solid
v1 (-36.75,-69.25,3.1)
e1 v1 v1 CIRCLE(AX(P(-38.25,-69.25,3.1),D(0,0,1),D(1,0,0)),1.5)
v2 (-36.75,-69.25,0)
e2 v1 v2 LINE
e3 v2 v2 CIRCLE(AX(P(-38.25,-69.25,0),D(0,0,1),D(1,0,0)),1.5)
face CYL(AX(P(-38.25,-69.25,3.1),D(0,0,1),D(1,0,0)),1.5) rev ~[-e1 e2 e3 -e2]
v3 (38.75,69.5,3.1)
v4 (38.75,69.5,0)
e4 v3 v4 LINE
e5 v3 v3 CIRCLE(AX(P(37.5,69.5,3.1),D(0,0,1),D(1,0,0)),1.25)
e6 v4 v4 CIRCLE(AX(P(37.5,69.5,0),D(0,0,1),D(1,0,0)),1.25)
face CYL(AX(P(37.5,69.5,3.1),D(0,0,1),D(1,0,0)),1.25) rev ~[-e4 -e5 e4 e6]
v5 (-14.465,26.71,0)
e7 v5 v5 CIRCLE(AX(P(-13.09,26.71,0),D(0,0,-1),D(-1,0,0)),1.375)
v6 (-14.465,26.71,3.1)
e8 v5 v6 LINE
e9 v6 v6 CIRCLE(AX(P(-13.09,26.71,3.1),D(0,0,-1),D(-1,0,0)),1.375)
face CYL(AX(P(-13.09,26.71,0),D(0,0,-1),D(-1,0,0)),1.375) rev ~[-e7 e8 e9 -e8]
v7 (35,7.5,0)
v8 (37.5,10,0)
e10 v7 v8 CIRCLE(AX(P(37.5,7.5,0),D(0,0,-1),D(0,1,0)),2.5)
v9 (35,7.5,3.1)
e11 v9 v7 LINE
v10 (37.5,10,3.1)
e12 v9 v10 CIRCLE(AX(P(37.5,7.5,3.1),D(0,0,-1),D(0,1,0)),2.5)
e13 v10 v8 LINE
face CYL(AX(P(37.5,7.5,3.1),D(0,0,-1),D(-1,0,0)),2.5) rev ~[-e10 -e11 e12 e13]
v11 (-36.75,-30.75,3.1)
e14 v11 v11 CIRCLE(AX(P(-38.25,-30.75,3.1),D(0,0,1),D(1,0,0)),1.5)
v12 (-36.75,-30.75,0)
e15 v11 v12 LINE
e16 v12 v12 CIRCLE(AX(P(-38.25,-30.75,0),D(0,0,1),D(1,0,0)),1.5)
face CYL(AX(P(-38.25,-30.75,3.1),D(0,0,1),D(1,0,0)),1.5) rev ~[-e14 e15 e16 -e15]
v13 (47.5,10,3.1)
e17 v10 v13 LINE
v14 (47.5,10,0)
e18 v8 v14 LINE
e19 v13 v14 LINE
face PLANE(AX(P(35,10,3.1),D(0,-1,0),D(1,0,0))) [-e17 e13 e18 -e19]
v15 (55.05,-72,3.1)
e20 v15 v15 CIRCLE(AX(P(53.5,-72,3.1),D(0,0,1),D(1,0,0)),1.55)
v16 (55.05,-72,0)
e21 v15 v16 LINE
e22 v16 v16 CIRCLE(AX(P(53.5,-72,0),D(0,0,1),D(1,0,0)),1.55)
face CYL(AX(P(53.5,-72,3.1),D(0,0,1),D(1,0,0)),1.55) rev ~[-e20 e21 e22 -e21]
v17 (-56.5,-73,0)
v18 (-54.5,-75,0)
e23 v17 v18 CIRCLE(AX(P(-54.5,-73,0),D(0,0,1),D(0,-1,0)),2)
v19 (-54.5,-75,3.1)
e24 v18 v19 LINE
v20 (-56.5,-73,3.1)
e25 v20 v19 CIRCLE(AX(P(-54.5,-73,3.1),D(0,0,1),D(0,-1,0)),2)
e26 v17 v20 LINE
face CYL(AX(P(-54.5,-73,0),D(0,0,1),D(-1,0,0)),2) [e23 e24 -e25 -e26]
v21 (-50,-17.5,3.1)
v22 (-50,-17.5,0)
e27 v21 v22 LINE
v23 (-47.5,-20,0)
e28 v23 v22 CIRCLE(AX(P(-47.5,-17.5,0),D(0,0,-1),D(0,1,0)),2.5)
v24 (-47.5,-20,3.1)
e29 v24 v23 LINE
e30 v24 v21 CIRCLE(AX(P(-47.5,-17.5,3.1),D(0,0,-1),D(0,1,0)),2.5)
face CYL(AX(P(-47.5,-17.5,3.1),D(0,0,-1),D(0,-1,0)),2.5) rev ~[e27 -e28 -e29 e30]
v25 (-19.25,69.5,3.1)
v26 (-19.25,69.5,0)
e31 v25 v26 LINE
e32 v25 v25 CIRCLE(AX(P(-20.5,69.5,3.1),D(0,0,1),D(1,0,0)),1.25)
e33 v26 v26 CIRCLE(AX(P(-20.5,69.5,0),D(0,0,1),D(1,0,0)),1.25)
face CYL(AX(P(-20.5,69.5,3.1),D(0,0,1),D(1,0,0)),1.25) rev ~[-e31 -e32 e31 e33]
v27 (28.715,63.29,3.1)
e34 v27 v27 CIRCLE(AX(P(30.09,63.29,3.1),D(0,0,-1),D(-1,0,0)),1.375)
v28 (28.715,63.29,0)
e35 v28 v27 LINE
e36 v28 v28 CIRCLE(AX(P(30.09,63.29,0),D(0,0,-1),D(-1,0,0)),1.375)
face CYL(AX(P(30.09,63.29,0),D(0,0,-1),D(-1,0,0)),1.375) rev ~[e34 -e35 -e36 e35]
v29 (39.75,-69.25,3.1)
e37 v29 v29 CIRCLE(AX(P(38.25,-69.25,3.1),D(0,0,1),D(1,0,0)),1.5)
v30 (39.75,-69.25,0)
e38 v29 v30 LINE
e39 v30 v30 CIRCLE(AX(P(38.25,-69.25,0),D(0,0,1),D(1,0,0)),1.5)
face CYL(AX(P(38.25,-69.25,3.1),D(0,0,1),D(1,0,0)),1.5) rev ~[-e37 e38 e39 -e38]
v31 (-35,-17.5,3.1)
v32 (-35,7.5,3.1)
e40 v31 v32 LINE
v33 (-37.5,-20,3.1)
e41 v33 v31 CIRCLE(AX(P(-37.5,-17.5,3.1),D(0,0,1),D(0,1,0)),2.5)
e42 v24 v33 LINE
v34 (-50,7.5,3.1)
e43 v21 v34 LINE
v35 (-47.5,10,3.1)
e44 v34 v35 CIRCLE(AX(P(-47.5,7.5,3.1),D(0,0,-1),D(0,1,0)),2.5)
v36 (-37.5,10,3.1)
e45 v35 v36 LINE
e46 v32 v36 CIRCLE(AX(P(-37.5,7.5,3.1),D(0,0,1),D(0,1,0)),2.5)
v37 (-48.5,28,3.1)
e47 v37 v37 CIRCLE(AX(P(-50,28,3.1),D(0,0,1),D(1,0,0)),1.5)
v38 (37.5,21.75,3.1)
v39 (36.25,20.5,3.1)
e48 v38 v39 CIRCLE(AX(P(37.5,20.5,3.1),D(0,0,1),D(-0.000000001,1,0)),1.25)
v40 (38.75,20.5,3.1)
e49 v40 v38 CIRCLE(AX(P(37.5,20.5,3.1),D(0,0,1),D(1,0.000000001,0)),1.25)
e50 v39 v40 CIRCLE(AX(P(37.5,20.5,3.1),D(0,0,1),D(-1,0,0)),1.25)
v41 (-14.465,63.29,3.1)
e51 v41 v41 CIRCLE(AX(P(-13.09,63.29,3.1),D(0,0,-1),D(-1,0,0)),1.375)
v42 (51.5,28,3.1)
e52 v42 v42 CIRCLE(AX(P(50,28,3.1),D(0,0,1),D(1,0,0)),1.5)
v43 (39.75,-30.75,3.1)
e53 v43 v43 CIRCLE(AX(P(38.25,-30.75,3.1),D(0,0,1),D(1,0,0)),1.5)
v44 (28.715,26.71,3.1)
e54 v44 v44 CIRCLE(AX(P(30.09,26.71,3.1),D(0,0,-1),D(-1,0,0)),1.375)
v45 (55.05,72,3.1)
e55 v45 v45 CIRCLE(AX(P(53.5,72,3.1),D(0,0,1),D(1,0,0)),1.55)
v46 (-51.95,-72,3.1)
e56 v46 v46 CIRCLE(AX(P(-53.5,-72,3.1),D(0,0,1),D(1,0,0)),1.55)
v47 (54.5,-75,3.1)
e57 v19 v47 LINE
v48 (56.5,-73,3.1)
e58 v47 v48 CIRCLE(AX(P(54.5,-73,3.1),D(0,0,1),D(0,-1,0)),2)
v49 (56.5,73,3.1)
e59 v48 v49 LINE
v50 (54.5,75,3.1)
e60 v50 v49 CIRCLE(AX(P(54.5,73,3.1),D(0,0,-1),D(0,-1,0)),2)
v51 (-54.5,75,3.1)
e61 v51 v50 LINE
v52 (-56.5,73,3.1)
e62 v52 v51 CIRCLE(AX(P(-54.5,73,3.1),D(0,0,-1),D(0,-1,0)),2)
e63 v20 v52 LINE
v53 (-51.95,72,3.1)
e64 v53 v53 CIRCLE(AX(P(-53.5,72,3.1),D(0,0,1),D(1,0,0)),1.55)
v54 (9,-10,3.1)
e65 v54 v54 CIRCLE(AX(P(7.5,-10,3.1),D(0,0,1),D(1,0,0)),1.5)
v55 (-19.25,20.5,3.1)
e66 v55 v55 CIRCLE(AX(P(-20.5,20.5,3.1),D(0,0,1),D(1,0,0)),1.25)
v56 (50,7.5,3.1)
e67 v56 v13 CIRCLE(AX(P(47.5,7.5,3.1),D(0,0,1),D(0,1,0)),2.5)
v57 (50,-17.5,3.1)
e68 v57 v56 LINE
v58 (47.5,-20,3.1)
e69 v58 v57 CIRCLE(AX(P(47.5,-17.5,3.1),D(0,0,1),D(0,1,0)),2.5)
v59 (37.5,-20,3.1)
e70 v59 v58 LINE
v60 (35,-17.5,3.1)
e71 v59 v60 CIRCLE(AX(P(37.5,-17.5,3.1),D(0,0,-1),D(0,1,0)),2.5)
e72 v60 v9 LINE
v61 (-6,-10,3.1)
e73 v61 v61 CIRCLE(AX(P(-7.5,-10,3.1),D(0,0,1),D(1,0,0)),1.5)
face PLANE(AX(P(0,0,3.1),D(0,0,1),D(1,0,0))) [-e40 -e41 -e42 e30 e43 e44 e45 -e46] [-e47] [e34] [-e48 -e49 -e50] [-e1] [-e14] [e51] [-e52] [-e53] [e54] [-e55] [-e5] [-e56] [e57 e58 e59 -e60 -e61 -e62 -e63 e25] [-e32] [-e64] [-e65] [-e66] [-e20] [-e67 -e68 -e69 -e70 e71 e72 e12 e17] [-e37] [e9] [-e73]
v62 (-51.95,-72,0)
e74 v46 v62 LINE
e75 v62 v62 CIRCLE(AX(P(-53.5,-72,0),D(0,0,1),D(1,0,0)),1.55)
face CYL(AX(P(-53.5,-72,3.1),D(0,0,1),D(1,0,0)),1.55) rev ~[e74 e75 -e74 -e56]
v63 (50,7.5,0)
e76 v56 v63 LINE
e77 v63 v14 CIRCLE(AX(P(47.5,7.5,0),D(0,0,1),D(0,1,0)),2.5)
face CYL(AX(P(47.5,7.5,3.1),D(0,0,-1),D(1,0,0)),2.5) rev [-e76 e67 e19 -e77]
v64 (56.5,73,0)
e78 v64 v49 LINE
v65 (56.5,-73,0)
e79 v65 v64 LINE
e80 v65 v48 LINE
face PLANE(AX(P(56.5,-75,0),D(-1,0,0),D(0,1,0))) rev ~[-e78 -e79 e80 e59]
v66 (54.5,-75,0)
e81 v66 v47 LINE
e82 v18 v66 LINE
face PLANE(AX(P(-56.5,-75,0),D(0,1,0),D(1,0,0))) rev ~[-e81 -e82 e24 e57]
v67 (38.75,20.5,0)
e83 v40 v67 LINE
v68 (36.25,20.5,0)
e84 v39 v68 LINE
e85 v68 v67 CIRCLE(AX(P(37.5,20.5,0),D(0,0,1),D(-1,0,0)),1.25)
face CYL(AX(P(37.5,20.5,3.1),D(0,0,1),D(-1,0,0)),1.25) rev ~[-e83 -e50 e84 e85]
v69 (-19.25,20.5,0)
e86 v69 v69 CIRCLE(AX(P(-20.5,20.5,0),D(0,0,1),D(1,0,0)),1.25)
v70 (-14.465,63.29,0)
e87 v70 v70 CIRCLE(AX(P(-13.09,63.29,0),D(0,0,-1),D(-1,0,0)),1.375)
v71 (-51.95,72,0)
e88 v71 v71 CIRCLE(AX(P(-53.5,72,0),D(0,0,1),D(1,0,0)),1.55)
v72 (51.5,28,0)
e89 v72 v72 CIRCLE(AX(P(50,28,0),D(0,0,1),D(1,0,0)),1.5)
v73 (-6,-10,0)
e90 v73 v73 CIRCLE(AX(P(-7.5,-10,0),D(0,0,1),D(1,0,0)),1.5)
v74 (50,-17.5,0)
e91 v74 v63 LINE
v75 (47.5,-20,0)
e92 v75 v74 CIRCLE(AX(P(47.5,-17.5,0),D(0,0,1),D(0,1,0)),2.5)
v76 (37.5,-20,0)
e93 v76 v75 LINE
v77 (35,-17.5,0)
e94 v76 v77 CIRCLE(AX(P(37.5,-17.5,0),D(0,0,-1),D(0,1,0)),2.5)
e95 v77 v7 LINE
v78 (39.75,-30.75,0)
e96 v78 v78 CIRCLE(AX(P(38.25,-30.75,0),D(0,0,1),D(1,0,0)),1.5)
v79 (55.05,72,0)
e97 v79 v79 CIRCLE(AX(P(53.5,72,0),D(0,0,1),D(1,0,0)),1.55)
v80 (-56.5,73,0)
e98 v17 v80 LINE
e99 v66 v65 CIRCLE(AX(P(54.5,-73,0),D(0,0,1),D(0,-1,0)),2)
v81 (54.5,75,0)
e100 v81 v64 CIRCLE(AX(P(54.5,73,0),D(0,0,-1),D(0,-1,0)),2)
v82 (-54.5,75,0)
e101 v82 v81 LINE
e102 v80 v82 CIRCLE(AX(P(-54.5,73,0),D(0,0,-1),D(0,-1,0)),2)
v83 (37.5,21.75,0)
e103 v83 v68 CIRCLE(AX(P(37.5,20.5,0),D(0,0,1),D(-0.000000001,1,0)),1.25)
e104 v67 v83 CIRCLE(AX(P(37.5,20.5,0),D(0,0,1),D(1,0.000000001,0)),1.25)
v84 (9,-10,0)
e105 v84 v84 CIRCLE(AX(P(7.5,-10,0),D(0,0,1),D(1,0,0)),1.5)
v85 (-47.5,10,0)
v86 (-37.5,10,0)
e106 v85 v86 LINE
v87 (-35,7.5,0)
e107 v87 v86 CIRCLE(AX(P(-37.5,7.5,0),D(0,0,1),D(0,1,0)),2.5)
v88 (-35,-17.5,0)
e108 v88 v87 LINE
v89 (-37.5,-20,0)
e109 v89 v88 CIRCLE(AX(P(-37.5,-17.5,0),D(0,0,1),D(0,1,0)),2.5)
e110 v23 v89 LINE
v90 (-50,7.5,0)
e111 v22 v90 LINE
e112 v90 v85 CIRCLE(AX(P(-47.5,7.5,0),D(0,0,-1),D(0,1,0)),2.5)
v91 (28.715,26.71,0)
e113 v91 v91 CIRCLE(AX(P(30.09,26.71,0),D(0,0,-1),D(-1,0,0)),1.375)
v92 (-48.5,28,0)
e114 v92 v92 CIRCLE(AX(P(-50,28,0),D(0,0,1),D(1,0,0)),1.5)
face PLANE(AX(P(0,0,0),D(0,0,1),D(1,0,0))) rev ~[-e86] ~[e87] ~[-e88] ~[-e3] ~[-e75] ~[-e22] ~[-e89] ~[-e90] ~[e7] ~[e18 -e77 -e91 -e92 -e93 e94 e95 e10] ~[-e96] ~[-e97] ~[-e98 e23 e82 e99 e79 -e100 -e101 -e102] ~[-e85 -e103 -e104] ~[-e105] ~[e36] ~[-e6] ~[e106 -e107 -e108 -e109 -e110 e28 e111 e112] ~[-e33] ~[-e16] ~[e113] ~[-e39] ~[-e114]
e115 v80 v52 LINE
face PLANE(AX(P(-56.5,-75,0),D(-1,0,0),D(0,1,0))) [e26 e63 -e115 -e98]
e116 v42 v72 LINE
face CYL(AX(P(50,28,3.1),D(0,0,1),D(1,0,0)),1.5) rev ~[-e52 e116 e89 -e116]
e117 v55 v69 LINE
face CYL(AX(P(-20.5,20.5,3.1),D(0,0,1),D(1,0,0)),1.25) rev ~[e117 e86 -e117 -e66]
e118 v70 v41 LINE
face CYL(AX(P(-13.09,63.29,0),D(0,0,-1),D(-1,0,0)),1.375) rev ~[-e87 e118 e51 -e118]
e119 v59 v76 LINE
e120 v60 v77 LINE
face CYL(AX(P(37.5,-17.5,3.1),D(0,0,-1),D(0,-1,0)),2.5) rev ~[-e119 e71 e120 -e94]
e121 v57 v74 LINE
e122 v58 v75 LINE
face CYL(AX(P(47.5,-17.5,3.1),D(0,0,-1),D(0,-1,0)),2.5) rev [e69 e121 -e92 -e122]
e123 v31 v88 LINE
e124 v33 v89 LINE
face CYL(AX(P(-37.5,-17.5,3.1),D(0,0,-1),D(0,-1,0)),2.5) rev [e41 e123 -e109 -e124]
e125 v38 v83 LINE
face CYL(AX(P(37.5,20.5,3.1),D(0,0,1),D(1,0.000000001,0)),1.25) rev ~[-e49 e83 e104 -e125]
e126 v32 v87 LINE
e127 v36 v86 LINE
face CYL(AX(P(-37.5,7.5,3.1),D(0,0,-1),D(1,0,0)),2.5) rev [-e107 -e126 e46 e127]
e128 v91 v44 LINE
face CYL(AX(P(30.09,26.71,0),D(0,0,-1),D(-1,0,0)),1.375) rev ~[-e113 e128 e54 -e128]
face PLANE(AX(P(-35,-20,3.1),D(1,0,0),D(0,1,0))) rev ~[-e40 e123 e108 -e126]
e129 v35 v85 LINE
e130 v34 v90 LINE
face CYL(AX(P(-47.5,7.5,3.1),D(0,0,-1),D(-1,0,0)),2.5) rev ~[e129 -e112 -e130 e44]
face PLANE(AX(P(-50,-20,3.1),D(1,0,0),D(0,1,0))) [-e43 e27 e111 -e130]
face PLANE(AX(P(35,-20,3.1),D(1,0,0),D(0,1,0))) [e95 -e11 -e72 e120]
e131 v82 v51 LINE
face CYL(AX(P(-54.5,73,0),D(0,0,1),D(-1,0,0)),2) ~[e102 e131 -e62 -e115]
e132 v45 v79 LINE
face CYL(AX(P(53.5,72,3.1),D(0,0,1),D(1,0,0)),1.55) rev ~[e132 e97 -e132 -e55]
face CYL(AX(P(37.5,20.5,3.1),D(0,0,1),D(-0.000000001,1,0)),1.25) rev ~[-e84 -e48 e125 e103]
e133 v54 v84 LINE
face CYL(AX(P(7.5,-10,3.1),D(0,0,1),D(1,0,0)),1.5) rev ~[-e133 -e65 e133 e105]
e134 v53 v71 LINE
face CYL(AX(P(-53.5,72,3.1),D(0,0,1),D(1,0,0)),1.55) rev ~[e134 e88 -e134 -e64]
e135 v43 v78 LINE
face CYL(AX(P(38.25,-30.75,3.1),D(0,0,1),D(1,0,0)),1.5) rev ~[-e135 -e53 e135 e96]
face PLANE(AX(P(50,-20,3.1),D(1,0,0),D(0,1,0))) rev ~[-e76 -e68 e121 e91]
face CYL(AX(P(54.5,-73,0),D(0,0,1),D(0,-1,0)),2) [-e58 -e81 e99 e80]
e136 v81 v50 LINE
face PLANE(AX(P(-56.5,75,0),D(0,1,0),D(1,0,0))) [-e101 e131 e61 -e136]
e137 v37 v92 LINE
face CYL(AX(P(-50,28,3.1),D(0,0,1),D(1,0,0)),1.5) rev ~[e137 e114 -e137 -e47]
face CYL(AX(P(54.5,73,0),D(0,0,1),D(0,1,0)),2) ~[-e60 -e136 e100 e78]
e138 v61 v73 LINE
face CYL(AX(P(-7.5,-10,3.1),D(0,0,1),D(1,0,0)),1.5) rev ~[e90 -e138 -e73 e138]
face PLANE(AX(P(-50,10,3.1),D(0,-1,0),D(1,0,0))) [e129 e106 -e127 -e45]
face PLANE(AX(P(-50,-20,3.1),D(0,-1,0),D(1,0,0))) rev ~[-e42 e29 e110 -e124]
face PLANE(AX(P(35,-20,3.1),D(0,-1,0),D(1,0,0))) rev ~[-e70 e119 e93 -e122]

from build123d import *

# Parameters (mm, degrees)
SKETCH1_W           = 113
SKETCH1_H           = 150
BOSS_EXTRUDE1_DEPTH = 3.1
SKETCH9_R           = 1.55
CUT_EXTRUDE7_DEPTH  = 94.9513704
SKETCH10_R          = 1.25
CUT_EXTRUDE8_DEPTH  = 94.9513704
SKETCH12_R          = 1.5
CUT_EXTRUDE9_DEPTH  = 94.9513704
SKETCH13_R          = 1.5
CUT_EXTRUDE10_DEPTH = 94.9513704
SKETCH14_W          = 15
SKETCH14_H          = 30
CUT_EXTRUDE11_DEPTH = 94.9513704
SKETCH16_R          = 1.375
CUT_EXTRUDE12_DEPTH = 94.9513704
SKETCH18_R          = 1.5
CUT_EXTRUDE13_DEPTH = 94.9513704
FILLET1_R           = 2
FILLET2_R           = 2.5


with BuildPart() as part:
    # Sketch1 → Boss-Extrude1 (new body)
    with BuildSketch(Plane.XY):
        Rectangle(SKETCH1_W, SKETCH1_H)
    extrude(amount=BOSS_EXTRUDE1_DEPTH)

    # Sketch9 → Cut-Extrude7 (cut, through all)
    with BuildSketch(Plane.XY.offset(3.1)):
        with Locations((-53.5, 72)):
            Circle(SKETCH9_R)
        with Locations((53.5, 72)):
            Circle(SKETCH9_R)
        with Locations((53.5, -72)):
            Circle(SKETCH9_R)
        with Locations((-53.5, -72)):
            Circle(SKETCH9_R)
    extrude(amount=-CUT_EXTRUDE7_DEPTH, mode=Mode.SUBTRACT)

    # Sketch10 → Cut-Extrude8 (cut, through all)
    with BuildSketch(Plane.XY.offset(3.1)):
        with BuildLine():
            ThreePointArc((37.5, 21.75), (36.616116524, 21.383883476), (36.25, 20.5))
            Line((36.25, 20.5), (37.5, 20.5))
            Line((37.5, 20.5), (37.5, 21.75))
        make_face()
        with BuildLine():
            Line((37.5, 20.5), (36.25, 20.5))
            ThreePointArc((36.25, 20.5), (37.5, 19.25), (38.75, 20.5))
            ThreePointArc((38.75, 20.5), (38.383883476, 21.383883476), (37.5, 21.75))
            Line((37.5, 21.75), (37.5, 20.5))
        make_face()
        with Locations((-20.5, 69.5)):
            Circle(SKETCH10_R)
        with Locations((37.5, 69.5)):
            Circle(SKETCH10_R)
        with Locations((-20.5, 20.5)):
            Circle(SKETCH10_R)
    extrude(amount=-CUT_EXTRUDE8_DEPTH, mode=Mode.SUBTRACT)

    # Sketch12 → Cut-Extrude9 (cut, through all)
    with BuildSketch(Plane.XY.offset(3.1)):
        with Locations((-38.25, -30.75)):
            Circle(SKETCH12_R)
        with Locations((-38.25, -69.25)):
            Circle(SKETCH12_R)
        with Locations((38.25, -69.25)):
            Circle(SKETCH12_R)
        with Locations((38.25, -30.75)):
            Circle(SKETCH12_R)
    extrude(amount=-CUT_EXTRUDE9_DEPTH, mode=Mode.SUBTRACT)

    # Sketch13 → Cut-Extrude10 (cut, through all)
    with BuildSketch(Plane.XY.offset(3.1)):
        with Locations((-7.5, -10)):
            Circle(SKETCH13_R)
        with Locations((7.5, -10)):
            Circle(SKETCH13_R)
    extrude(amount=-CUT_EXTRUDE10_DEPTH, mode=Mode.SUBTRACT)

    # Sketch14 → Cut-Extrude11 (cut, through all)
    with BuildSketch(Plane.XY.offset(3.1)):
        with Locations((42.5, -5)):
            Rectangle(SKETCH14_W, SKETCH14_H)
        with Locations((-42.5, -5)):
            Rectangle(SKETCH14_W, SKETCH14_H)
    extrude(amount=-CUT_EXTRUDE11_DEPTH, mode=Mode.SUBTRACT)

    # Sketch16 → Cut-Extrude12 (cut, through all)
    with BuildSketch(Plane(origin=(0, 0, 0), x_dir=(-1, 0, 0), z_dir=(0, 0, -1))):
        with Locations((-30.09, 26.71)):
            Circle(SKETCH16_R)
        with Locations((13.09, 26.71)):
            Circle(SKETCH16_R)
        with Locations((13.09, 63.29)):
            Circle(SKETCH16_R)
        with Locations((-30.09, 63.29)):
            Circle(SKETCH16_R)
    extrude(amount=-CUT_EXTRUDE12_DEPTH, mode=Mode.SUBTRACT)

    # Sketch18 → Cut-Extrude13 (cut, through all)
    with BuildSketch(Plane.XY.offset(3.1)):
        with Locations((-50, 28)):
            Circle(SKETCH18_R)
        with Locations((50, 28)):
            Circle(SKETCH18_R)
    extrude(amount=-CUT_EXTRUDE13_DEPTH, mode=Mode.SUBTRACT)

    # Fillet1
    fillet1_edges = [part.edges().sort_by_distance(p)[0] for p in [
        (-56.5, 75, 1.55),
        (56.5, 75, 1.55),
        (56.5, -75, 1.55),
        (-56.5, -75, 1.55),
    ]]
    fillet(fillet1_edges, radius=FILLET1_R)

    # Fillet2
    fillet2_edges = [part.edges().sort_by_distance(p)[0] for p in [
        (-50, 10, 1.55),
        (-35, 10, 1.55),
        (-35, -20, 1.55),
        (-50, -20, 1.55),
        (50, 10, 1.55),
        (50, -20, 1.55),
        (35, -20, 1.55),
        (35, 10, 1.55),
    ]]
    fillet(fillet2_edges, radius=FILLET2_R)


solid = part.part
